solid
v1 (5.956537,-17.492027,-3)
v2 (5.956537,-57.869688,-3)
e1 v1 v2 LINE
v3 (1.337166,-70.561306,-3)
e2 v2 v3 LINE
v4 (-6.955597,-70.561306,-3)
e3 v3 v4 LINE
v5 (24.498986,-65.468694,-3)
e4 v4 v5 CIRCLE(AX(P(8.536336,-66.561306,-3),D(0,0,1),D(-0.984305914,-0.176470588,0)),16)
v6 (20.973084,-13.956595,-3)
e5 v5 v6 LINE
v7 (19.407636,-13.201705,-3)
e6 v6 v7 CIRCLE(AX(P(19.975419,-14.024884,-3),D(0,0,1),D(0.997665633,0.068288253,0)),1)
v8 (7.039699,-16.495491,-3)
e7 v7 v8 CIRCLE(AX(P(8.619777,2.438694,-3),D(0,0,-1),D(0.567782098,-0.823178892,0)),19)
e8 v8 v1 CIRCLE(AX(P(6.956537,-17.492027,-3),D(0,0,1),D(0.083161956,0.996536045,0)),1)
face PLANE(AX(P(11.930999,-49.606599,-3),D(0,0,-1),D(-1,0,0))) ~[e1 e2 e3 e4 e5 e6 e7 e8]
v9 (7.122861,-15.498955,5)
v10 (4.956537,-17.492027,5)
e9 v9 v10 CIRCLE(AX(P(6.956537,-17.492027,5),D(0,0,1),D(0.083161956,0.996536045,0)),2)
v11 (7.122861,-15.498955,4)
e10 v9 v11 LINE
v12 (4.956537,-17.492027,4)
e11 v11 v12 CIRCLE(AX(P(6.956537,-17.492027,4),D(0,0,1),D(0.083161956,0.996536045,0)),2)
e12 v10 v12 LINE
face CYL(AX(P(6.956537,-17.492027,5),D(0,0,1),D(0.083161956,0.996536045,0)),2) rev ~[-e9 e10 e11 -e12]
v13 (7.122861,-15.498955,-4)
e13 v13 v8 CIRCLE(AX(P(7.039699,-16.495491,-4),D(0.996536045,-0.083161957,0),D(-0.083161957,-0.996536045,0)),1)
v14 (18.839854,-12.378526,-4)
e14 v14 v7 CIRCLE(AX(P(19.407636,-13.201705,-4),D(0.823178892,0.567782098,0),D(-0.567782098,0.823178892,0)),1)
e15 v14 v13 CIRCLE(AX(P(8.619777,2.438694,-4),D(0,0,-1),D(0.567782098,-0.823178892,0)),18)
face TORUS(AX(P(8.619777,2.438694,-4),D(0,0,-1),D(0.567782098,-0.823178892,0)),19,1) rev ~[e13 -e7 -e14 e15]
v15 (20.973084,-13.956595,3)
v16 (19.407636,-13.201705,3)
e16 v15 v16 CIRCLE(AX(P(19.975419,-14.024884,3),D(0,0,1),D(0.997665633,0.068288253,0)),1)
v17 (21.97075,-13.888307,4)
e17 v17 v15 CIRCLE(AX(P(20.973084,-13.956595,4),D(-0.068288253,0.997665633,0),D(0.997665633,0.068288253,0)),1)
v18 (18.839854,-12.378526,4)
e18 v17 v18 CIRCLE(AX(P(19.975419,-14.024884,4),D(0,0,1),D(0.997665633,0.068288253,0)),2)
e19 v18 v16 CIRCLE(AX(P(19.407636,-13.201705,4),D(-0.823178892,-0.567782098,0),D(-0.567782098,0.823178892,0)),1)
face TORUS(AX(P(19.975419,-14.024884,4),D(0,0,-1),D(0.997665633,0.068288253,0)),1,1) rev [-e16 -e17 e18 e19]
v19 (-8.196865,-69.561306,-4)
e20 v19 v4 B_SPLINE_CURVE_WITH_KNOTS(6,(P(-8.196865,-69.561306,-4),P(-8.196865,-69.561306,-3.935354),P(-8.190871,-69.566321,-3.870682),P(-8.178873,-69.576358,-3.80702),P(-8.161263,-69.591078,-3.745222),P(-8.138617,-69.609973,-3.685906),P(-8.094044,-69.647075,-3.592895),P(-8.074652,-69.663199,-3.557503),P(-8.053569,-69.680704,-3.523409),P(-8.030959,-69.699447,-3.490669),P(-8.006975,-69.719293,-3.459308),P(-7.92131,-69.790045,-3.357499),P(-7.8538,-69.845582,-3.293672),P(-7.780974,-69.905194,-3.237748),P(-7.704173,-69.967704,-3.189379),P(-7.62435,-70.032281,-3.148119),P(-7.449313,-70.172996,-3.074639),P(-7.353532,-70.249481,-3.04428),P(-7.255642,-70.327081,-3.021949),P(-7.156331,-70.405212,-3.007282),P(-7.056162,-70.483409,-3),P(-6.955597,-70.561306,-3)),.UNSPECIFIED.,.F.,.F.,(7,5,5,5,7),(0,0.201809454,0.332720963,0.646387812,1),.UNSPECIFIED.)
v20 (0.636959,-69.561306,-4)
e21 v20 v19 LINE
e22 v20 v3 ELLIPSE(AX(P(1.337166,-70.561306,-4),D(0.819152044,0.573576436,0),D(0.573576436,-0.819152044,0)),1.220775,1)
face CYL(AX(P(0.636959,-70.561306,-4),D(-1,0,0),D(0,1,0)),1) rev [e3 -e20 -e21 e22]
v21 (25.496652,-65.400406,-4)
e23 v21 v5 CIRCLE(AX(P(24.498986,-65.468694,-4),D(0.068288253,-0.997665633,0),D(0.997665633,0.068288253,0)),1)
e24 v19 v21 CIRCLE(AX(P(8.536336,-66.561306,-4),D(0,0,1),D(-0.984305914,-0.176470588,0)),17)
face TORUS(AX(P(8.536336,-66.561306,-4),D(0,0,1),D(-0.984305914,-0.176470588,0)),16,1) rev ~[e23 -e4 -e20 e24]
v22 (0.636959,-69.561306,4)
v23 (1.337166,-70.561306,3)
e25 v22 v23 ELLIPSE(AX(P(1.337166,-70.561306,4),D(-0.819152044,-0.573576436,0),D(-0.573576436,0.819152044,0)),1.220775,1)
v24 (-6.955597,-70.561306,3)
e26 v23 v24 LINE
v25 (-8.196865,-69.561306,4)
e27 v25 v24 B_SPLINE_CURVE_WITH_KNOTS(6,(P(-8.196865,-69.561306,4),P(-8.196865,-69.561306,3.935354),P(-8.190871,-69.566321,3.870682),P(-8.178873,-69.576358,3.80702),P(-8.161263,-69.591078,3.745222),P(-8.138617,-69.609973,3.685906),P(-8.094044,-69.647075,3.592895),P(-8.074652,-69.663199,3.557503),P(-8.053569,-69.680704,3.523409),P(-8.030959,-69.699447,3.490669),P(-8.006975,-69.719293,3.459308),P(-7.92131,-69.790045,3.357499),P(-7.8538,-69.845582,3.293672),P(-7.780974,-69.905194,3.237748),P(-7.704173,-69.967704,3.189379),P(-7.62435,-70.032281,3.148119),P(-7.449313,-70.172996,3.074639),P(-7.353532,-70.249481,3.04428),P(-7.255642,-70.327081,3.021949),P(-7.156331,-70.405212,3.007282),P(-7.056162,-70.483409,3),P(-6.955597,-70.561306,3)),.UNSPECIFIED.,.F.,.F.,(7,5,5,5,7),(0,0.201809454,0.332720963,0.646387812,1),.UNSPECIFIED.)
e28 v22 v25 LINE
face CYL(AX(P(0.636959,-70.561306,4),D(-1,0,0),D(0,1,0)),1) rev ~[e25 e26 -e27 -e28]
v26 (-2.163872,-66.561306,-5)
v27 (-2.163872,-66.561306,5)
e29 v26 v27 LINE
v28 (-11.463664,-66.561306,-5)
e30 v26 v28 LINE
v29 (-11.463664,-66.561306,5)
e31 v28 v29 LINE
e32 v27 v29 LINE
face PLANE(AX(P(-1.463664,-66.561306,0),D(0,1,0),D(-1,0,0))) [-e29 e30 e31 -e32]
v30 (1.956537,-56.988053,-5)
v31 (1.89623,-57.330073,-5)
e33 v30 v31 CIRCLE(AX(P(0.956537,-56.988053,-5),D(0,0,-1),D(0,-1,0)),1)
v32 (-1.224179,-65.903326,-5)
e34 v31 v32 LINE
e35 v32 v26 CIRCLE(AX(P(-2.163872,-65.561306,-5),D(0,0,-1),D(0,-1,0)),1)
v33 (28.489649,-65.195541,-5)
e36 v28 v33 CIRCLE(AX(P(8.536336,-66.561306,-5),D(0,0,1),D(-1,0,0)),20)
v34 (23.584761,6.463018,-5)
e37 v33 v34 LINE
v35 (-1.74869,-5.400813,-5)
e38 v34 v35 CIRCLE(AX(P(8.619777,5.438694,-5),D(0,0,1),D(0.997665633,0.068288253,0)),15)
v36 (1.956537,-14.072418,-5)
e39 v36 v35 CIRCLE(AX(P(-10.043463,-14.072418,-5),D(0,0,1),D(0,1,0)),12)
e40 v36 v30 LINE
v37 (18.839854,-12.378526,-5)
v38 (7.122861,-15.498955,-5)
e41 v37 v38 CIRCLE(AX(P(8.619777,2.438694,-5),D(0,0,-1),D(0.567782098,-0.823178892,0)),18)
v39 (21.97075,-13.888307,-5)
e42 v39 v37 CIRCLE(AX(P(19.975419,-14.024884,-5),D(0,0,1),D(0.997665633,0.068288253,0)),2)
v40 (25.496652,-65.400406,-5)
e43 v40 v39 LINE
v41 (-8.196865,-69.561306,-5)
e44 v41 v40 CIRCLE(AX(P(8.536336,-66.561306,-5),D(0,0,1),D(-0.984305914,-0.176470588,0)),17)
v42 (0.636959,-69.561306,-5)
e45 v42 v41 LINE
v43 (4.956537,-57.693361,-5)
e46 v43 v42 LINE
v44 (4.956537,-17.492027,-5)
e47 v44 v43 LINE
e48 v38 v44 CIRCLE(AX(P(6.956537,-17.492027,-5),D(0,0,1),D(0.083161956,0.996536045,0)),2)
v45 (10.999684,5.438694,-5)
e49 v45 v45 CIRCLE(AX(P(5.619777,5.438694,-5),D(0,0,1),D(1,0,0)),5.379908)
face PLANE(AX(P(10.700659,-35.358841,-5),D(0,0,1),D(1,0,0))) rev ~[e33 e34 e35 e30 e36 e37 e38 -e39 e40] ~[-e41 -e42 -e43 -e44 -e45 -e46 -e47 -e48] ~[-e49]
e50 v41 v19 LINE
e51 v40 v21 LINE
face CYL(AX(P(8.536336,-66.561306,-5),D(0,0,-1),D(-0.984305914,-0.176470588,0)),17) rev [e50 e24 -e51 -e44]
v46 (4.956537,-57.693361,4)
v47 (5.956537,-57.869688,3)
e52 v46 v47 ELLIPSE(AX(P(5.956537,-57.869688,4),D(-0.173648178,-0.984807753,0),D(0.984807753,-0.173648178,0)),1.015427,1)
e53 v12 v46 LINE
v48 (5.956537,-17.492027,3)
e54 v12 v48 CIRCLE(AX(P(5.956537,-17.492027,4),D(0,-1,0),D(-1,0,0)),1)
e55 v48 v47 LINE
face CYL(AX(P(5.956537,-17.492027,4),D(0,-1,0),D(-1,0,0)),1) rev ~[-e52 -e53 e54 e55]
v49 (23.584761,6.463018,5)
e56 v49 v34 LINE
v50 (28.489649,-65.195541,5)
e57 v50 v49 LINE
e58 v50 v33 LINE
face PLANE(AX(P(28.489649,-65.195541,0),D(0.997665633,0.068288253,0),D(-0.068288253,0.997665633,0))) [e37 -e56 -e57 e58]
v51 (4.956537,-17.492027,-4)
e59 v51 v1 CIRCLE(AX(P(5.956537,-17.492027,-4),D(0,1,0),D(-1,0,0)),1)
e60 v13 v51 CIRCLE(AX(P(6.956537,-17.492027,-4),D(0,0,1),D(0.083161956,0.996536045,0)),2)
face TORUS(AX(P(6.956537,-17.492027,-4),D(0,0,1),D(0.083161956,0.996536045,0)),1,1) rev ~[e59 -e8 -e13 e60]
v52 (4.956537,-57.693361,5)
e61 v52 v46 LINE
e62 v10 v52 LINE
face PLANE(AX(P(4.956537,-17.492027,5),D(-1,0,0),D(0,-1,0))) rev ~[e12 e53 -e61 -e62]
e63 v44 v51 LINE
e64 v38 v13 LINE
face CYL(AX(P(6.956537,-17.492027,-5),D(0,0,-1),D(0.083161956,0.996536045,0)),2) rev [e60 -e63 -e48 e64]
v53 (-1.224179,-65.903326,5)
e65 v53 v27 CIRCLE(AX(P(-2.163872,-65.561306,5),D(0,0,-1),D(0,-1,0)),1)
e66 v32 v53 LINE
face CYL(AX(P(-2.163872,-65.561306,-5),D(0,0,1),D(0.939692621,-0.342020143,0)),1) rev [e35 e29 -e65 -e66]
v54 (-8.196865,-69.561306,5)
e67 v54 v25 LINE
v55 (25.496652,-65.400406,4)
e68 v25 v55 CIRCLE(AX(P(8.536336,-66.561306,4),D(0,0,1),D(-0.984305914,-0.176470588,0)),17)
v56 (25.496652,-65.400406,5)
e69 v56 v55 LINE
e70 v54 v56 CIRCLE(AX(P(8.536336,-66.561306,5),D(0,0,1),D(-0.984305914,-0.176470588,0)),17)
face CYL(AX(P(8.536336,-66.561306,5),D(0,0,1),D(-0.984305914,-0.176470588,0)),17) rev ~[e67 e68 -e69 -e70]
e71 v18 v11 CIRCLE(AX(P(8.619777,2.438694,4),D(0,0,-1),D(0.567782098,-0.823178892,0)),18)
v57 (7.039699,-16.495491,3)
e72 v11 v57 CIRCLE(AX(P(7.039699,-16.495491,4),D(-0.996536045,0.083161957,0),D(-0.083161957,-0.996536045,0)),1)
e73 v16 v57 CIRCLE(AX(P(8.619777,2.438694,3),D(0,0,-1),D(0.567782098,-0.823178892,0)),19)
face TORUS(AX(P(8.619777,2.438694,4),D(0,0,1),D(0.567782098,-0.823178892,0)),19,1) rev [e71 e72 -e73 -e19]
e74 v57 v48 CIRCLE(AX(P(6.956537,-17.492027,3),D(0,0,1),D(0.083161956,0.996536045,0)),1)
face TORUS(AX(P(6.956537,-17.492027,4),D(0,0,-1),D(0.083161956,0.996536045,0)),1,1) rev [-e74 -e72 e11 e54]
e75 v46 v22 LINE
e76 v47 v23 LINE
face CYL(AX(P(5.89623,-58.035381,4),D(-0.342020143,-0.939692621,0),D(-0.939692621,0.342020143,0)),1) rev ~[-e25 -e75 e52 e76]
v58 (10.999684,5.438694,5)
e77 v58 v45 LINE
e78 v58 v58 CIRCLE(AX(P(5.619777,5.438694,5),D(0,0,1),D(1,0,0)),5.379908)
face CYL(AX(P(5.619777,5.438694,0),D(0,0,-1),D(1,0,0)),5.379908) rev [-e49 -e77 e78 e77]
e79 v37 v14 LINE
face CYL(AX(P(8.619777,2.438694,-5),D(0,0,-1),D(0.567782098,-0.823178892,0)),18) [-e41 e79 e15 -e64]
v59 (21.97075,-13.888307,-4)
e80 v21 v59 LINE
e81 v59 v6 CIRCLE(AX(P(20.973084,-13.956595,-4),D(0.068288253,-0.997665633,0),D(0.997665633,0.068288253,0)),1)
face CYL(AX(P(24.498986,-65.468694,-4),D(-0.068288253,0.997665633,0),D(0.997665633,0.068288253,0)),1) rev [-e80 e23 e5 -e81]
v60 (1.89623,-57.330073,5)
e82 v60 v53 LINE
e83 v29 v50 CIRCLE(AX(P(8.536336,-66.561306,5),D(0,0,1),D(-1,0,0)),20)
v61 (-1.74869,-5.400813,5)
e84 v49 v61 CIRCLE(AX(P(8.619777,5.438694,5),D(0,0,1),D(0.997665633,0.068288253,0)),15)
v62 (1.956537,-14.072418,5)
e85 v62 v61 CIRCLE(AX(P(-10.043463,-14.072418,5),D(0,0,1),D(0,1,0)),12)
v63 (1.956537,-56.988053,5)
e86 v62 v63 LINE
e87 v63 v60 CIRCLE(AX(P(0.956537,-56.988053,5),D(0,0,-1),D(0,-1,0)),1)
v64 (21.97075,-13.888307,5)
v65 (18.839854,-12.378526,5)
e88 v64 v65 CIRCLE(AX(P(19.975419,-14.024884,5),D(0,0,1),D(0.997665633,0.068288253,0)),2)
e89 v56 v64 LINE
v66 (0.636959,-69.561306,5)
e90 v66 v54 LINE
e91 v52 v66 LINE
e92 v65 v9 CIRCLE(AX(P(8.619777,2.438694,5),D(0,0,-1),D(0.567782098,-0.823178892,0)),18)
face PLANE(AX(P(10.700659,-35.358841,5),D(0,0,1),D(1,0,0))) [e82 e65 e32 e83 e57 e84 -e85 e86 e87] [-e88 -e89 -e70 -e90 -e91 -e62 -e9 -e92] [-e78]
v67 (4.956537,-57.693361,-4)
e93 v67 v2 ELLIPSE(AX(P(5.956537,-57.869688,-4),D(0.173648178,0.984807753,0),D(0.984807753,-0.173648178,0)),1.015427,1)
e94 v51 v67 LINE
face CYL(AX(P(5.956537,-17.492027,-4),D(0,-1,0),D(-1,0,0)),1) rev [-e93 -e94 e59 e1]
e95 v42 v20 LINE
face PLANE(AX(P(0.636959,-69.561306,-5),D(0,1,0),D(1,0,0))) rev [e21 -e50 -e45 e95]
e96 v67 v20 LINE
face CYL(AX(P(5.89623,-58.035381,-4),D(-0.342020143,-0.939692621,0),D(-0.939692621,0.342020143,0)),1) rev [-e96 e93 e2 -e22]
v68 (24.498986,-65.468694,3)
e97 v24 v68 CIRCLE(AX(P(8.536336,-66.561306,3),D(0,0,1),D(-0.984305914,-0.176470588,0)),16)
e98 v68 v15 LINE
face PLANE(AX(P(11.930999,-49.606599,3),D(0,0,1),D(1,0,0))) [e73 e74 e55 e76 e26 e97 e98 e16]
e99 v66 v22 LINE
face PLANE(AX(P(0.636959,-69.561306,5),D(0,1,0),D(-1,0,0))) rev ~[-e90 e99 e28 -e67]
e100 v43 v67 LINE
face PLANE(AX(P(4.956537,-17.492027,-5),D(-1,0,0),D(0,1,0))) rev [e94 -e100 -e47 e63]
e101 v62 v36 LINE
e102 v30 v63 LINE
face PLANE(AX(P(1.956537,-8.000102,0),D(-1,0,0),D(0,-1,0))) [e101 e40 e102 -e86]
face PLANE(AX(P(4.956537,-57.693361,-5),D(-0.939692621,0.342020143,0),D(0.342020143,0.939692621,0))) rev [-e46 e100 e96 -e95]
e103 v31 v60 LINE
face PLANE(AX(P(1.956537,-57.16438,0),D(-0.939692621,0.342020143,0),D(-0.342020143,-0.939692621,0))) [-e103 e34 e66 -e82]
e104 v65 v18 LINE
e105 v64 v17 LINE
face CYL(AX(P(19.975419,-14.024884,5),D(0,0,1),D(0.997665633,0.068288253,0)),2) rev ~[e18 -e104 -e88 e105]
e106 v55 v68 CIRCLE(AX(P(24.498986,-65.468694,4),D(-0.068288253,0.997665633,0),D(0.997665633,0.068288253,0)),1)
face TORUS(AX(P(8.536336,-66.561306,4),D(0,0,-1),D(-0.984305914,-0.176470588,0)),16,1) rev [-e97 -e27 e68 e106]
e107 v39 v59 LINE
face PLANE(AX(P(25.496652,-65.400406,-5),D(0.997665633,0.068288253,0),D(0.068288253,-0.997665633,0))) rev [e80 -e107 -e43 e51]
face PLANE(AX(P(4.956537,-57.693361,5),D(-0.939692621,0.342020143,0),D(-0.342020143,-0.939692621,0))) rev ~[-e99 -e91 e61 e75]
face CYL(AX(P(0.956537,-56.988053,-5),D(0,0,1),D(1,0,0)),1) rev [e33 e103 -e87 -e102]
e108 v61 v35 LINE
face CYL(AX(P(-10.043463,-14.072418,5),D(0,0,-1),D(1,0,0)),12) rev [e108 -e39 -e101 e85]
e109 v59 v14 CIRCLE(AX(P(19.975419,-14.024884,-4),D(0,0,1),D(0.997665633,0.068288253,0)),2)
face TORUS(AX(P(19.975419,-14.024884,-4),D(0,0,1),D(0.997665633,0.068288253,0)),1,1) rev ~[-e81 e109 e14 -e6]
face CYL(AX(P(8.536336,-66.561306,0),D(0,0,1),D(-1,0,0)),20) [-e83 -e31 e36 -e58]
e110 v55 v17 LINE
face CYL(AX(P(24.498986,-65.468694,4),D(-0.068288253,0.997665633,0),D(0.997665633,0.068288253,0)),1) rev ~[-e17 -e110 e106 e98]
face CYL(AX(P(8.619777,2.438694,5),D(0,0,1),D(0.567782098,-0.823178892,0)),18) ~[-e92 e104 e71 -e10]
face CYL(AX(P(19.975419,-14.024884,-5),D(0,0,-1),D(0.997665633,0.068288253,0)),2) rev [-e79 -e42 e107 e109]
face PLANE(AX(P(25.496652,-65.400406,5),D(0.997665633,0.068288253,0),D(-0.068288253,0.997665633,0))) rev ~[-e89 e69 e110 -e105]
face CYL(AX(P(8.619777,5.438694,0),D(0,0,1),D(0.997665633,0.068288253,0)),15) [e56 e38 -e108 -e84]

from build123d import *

# Parameters (mm, degrees)
SKETCH2_R           = 5.379907511
BOSS_EXTRUDE1_DEPTH = 5
CUT_EXTRUDE1_DEPTH  = 2
FILLET1_R           = 1
FILLET2_R           = 12


with BuildPart() as part:
    # Sketch2 → Boss-Extrude1 (new body, symmetric)
    with BuildSketch(Plane.XY):
        with BuildLine():
            Line((1.956537451, -8.000102101), (1.956537451, -57.164379656))
            Line((1.956537451, -57.164379656), (-1.463663982, -66.561305864))
            Line((-1.463663982, -66.561305864), (-11.463663982, -66.561305864))
            ThreePointArc((-11.463663982, -66.561305864), (9.219617422, -86.549630619), (28.48964867, -65.195540804))
            Line((28.48964867, -65.195540804), (23.58476107, 6.463017931))
            ThreePointArc((23.58476107, 6.463017931), (0.281599066, 17.907647409), (1.956537451, -8.000102101))
        make_face()
        with Locations((5.619776581, 5.438694136)):
            Circle(SKETCH2_R, mode=Mode.SUBTRACT)
    extrude(amount=BOSS_EXTRUDE1_DEPTH, both=True)

    # Sketch5 → Cut-Extrude1 (cut)
    with BuildSketch(Plane.XY.offset(5)):
        with BuildLine():
            Line((4.956537451, -17.492026764), (4.956537451, -57.693360598))
            Line((4.956537451, -57.693360598), (0.636958632, -69.561305864))
            Line((0.636958632, -69.561305864), (-8.196864513, -69.561305864))
            ThreePointArc((-8.196864513, -69.561305864), (10.619883032, -83.433141325), (25.496651772, -65.400405563))
            Line((25.496651772, -65.400405563), (21.970749815, -13.888307203))
            ThreePointArc((21.970749815, -13.888307203), (20.844130084, -12.223400912), (18.839854353, -12.378525925))
            ThreePointArc((18.839854353, -12.378525925), (13.252017954, -14.955050138), (7.122861364, -15.498954674))
            ThreePointArc((7.122861364, -15.498954674), (5.602404486, -16.020183052), (4.956537451, -17.492026764))
        make_face()
    cut_extrude1 = extrude(amount=-CUT_EXTRUDE1_DEPTH, mode=Mode.SUBTRACT)

    # Mirror1: Cut-Extrude1 across plane
    add(cut_extrude1.mirror(Plane.XY), mode=Mode.SUBTRACT)

    # Fillet1
    fillet1_edges = [part.edges().sort_by_distance(p)[0] for p in [
        (1.956537451, -57.164379656, 0),
        (-1.463663982, -66.561305864, 0),
        (13.252017954, -14.955050138, 3),
        (20.844130084, -12.223400912, 3),
        (23.733700794, -39.644356383, 3),
        (10.619883032, -83.433141325, 3),
        (-3.77995294, -69.561305864, 3),
        (2.796748042, -63.627333231, 3),
        (4.956537451, -37.592693681, 3),
        (5.602404486, -16.020183052, 3),
        (13.252017954, -14.955050138, -3),
        (5.602404486, -16.020183052, -3),
        (4.956537451, -37.592693681, -3),
        (2.796748042, -63.627333231, -3),
        (-3.77995294, -69.561305864, -3),
        (10.619883032, -83.433141325, -3),
        (23.733700794, -39.644356383, -3),
        (20.844130084, -12.223400912, -3),
    ]]
    fillet(fillet1_edges, radius=FILLET1_R)

    # Fillet2
    fillet2_edges = [part.edges().sort_by_distance(p)[0] for p in [
        (1.956537451, -8.000102101, 0),
    ]]
    fillet(fillet2_edges, radius=FILLET2_R)


solid = part.part
